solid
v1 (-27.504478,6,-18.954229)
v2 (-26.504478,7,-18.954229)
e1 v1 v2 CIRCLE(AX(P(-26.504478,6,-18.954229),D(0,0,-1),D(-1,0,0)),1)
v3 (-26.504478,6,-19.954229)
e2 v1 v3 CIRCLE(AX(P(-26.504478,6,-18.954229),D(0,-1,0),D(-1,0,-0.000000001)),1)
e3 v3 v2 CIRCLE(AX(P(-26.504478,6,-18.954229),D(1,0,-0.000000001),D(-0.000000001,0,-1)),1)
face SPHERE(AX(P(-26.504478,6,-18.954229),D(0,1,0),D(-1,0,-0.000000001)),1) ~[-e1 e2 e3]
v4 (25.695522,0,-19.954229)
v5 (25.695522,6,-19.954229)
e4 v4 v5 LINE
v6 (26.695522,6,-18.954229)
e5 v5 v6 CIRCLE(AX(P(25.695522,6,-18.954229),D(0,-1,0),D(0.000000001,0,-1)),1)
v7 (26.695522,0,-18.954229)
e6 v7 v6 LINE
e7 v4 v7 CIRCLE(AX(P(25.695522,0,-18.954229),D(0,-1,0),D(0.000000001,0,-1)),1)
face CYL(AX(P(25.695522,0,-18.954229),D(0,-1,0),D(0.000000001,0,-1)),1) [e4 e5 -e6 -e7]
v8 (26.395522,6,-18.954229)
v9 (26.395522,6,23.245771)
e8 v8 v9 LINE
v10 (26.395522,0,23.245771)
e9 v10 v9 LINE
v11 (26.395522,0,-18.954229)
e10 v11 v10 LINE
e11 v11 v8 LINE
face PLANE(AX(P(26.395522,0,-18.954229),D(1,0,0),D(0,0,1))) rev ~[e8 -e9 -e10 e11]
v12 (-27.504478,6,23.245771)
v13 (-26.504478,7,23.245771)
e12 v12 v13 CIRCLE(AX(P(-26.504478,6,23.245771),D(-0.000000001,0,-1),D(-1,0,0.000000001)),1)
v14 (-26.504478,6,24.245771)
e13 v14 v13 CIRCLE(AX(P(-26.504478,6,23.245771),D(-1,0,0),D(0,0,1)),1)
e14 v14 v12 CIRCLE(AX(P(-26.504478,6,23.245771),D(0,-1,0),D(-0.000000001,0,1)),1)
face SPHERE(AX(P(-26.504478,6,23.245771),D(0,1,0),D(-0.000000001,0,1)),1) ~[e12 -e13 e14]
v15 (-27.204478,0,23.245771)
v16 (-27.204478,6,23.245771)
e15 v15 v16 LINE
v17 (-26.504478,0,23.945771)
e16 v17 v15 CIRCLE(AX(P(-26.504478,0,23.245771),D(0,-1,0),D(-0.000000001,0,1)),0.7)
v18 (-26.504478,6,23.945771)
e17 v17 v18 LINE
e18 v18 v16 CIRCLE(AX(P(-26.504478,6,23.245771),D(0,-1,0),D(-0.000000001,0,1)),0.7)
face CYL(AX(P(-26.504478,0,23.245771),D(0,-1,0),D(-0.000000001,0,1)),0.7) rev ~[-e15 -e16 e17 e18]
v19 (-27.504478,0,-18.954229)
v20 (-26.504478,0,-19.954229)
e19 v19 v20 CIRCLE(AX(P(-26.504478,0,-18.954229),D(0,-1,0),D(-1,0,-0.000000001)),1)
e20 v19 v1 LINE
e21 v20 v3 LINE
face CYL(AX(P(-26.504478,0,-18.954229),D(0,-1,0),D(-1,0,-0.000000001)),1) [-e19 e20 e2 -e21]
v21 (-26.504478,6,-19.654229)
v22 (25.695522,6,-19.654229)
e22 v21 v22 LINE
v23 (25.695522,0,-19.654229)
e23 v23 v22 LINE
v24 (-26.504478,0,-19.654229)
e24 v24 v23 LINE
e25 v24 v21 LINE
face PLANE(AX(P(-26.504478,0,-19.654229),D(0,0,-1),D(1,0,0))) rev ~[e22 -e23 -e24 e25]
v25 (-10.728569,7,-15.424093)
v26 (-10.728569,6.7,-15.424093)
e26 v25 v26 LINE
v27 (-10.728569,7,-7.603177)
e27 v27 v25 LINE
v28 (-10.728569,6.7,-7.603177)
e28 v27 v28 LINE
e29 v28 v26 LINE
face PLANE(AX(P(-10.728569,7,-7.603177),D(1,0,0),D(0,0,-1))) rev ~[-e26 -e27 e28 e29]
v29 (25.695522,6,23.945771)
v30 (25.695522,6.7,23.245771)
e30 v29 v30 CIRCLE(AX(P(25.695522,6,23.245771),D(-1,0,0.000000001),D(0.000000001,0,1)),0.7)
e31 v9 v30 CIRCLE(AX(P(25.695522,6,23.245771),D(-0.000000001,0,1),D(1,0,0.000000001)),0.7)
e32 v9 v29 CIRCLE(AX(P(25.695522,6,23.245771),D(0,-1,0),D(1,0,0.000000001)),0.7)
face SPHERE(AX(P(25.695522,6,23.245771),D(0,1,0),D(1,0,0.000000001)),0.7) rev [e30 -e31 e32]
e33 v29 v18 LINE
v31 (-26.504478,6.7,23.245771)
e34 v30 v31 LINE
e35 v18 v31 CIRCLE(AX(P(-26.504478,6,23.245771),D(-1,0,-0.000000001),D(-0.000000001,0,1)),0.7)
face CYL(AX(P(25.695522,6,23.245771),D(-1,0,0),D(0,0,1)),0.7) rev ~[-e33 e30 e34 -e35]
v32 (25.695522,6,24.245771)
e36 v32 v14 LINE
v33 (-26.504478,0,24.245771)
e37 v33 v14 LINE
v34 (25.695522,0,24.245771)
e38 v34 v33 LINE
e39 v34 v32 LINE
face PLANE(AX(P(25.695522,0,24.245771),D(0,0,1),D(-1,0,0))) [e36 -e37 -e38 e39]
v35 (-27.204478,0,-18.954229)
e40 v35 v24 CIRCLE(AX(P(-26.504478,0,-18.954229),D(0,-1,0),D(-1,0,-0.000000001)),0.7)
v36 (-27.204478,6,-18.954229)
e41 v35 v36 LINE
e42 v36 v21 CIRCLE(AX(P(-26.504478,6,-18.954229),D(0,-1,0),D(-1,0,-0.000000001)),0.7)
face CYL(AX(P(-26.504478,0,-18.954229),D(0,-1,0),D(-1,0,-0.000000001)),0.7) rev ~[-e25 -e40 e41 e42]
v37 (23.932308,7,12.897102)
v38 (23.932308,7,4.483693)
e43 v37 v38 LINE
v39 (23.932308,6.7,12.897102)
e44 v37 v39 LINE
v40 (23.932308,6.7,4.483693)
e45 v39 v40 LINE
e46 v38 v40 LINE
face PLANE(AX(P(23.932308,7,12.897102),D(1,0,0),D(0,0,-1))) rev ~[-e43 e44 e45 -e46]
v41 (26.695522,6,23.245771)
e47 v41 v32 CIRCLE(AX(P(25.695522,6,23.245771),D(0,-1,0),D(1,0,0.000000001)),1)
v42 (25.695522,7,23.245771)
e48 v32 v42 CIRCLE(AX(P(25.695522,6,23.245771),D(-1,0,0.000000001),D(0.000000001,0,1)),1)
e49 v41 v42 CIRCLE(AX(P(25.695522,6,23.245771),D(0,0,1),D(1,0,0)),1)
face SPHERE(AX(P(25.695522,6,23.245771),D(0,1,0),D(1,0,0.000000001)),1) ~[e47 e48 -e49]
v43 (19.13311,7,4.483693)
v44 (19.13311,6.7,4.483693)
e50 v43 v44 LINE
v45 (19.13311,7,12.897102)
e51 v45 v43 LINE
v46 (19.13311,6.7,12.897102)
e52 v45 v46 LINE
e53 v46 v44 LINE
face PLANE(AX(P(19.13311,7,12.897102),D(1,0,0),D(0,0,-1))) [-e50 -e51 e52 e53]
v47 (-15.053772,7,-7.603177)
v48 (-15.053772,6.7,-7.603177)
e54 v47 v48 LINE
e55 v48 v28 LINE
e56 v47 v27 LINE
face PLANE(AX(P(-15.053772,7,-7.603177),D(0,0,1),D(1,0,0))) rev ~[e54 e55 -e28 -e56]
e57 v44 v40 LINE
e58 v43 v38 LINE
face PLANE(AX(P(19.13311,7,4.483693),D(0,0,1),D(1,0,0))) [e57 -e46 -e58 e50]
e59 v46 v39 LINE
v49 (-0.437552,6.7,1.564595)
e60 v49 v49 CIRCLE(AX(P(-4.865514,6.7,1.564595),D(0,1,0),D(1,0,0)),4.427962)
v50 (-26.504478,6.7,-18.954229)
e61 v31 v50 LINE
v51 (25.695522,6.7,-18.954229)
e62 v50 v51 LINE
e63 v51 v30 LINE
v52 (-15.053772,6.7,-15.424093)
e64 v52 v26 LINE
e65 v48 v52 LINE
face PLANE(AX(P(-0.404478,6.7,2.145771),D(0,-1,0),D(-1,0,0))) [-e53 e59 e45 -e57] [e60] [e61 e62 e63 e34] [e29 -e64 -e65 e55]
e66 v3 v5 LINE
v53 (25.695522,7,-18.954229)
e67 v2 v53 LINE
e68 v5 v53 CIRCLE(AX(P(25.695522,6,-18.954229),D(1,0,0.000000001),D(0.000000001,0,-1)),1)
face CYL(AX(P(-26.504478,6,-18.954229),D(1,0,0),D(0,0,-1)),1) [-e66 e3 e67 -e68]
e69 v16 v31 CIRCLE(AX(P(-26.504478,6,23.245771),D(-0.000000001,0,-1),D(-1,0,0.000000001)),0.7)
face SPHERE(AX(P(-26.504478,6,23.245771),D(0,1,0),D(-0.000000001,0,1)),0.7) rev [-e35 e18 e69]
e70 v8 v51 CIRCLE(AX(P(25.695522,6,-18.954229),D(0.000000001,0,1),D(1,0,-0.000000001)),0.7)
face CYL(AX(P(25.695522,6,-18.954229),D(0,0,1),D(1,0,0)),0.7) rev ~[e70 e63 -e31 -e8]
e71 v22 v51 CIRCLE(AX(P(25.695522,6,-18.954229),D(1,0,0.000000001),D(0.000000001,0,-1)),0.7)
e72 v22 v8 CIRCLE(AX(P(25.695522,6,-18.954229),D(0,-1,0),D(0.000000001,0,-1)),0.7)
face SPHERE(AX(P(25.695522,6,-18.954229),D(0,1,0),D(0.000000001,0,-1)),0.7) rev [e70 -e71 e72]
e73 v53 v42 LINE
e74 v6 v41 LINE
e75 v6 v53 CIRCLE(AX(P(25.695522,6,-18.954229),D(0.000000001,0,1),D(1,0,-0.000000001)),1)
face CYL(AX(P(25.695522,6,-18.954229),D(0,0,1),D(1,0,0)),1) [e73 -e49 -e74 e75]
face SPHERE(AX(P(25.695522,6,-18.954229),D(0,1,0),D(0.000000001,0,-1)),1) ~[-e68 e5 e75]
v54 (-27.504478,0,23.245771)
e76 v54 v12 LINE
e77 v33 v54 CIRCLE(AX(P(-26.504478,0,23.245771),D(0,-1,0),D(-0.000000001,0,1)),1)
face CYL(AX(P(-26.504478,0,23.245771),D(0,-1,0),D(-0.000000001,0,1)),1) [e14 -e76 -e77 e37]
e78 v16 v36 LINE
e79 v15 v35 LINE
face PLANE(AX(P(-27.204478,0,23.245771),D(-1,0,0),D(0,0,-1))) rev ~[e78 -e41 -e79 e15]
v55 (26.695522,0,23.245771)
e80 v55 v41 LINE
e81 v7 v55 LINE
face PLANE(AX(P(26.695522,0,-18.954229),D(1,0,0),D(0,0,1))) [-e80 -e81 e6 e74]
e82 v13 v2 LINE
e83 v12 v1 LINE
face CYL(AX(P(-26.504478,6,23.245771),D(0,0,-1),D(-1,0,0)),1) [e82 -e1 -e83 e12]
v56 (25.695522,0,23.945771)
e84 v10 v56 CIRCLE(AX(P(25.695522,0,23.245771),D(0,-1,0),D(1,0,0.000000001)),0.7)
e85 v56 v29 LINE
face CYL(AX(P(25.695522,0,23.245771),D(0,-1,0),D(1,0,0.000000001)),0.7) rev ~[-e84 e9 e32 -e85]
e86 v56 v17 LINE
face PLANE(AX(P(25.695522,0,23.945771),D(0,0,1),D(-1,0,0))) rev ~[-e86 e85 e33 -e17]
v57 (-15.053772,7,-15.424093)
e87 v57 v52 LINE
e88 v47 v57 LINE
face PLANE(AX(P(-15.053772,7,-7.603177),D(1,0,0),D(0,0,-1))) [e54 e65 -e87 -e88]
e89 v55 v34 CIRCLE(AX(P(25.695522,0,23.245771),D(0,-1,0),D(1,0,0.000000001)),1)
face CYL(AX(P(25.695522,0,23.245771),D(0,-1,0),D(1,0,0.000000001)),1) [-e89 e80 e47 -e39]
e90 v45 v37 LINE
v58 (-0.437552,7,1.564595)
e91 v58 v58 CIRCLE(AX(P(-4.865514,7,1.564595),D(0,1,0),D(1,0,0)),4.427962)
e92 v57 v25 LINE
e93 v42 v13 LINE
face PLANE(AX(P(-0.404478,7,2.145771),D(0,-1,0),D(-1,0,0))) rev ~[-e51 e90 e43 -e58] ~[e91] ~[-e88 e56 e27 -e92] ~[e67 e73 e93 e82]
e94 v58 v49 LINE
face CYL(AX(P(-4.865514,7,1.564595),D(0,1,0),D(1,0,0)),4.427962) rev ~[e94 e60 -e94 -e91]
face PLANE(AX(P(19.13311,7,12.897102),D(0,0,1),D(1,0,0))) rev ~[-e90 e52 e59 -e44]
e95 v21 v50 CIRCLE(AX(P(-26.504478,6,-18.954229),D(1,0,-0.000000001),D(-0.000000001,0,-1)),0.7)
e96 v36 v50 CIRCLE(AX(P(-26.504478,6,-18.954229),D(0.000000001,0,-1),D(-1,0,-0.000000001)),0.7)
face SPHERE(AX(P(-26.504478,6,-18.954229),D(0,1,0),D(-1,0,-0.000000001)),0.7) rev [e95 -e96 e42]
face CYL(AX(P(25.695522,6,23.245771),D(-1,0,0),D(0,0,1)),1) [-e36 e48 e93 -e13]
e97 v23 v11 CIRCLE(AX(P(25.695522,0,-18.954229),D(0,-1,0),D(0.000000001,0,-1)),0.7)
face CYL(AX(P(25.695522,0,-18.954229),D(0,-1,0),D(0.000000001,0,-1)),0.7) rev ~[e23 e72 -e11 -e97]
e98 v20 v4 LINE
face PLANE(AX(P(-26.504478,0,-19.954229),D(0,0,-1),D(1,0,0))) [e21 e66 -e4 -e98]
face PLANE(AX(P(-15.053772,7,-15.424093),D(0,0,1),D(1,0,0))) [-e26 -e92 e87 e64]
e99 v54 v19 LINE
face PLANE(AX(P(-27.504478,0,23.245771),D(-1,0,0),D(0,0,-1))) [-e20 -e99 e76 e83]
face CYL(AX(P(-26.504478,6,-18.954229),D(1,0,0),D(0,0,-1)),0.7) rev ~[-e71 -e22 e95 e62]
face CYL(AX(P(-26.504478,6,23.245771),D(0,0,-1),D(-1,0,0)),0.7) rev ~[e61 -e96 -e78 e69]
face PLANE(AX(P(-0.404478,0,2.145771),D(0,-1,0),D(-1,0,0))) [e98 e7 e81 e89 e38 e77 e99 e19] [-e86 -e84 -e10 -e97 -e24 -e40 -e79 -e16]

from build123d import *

# Parameters (mm, degrees)
BOSS_EXTRU_1_DEPTH      = 7
CONG_1_R                = 1
COQUE1_T                = -0.3
ENL_V_MAT_EXTRU_1_REACH = 9
ESQUISSE8_R             = 4.427961532
ENL_V_MAT_EXTRU_2_REACH = 9
ESQUISSE9_W             = 4.325203416
ESQUISSE9_H             = 7.820915767
ENL_V_MAT_EXTRU_3_REACH = 9
ESQUISSE10_W            = 4.799198311
ESQUISSE10_H            = 8.413409385


with BuildPart() as part:
    # Esquisse3 → Boss.-Extru.1 (new body)
    with BuildSketch(Plane(origin=(0, 0, 0), x_dir=(1, 0, 0), z_dir=(0, 1, 0))):
        with BuildLine():
            Line((-26.504477612, 19.954228856), (25.695522388, 19.954228856))
            ThreePointArc((25.695522388, 19.954228856), (26.402629169, 19.661335637), (26.695522388, 18.954228856))
            Line((26.695522388, 18.954228856), (26.695522388, -23.245771144))
            ThreePointArc((26.695522388, -23.245771144), (26.402629169, -23.952877925), (25.695522388, -24.245771144))
            Line((25.695522388, -24.245771144), (-26.504477612, -24.245771144))
            ThreePointArc((-26.504477612, -24.245771144), (-27.211584393, -23.952877925), (-27.504477612, -23.245771144))
            Line((-27.504477612, -23.245771144), (-27.504477612, 18.954228856))
            ThreePointArc((-27.504477612, 18.954228856), (-27.211584393, 19.661335637), (-26.504477612, 19.954228856))
        make_face()
    extrude(amount=BOSS_EXTRU_1_DEPTH)

    # Congé1
    cong_1_edges = [part.edges().sort_by_distance(p)[0] for p in [
        (26.402629169, 7, -19.661335637),
        (26.695522388, 7, 2.145771144),
        (26.402629169, 7, 23.952877925),
        (-0.404477612, 7, 24.245771144),
        (-27.211584393, 7, 23.952877925),
        (-27.504477612, 7, 2.145771144),
        (-27.211584393, 7, -19.661335637),
        (-0.404477612, 7, -19.954228856),
    ]]
    fillet(cong_1_edges, radius=CONG_1_R)

    # Coque1
    coque1_openings = [part.faces().sort_by_distance(p)[0] for p in [
        (-0.404477612, 0, 2.145771144),
    ]]
    offset(amount=COQUE1_T, openings=coque1_openings, kind=Kind.INTERSECTION)

    # Esquisse8 → Enlèv. mat.-Extru.1 (cut, up to next)
    with BuildSketch(Plane(origin=(0, 7, 0), x_dir=(1, 0, 0), z_dir=(0, 1, 0)), mode=Mode.PRIVATE) as enl_v_mat_extru_1_sk1:
        with Locations((-4.865513773, -1.564595223)):
            Circle(ESQUISSE8_R)
    enl_v_mat_extru_1_tool1 = extrude(enl_v_mat_extru_1_sk1.sketch, amount=-ENL_V_MAT_EXTRU_1_REACH, mode=Mode.PRIVATE) & part.part
    add(enl_v_mat_extru_1_tool1.solids().sort_by_distance((-4.865514, 7, 1.564595))[0], mode=Mode.SUBTRACT)

    # Esquisse9 → Enlèv. mat.-Extru.2 (cut, up to next)
    with BuildSketch(Plane(origin=(0, 7, 0), x_dir=(1, 0, 0), z_dir=(0, 1, 0)), mode=Mode.PRIVATE) as enl_v_mat_extru_2_sk1:
        with Locations((-12.89117049, 11.513635006)):
            Rectangle(ESQUISSE9_W, ESQUISSE9_H)
    enl_v_mat_extru_2_tool1 = extrude(enl_v_mat_extru_2_sk1.sketch, amount=-ENL_V_MAT_EXTRU_2_REACH, mode=Mode.PRIVATE) & part.part
    add(enl_v_mat_extru_2_tool1.solids().sort_by_distance((-12.89117, 7, -11.513635))[0], mode=Mode.SUBTRACT)

    # Esquisse10 → Enlèv. mat.-Extru.3 (cut, up to next)
    with BuildSketch(Plane(origin=(0, 7, 0), x_dir=(1, 0, 0), z_dir=(0, 1, 0)), mode=Mode.PRIVATE) as enl_v_mat_extru_3_sk1:
        with Locations((21.532708754, -8.690397391)):
            Rectangle(ESQUISSE10_W, ESQUISSE10_H)
    enl_v_mat_extru_3_tool1 = extrude(enl_v_mat_extru_3_sk1.sketch, amount=-ENL_V_MAT_EXTRU_3_REACH, mode=Mode.PRIVATE) & part.part
    add(enl_v_mat_extru_3_tool1.solids().sort_by_distance((21.532709, 7, 8.690397))[0], mode=Mode.SUBTRACT)


solid = part.part
